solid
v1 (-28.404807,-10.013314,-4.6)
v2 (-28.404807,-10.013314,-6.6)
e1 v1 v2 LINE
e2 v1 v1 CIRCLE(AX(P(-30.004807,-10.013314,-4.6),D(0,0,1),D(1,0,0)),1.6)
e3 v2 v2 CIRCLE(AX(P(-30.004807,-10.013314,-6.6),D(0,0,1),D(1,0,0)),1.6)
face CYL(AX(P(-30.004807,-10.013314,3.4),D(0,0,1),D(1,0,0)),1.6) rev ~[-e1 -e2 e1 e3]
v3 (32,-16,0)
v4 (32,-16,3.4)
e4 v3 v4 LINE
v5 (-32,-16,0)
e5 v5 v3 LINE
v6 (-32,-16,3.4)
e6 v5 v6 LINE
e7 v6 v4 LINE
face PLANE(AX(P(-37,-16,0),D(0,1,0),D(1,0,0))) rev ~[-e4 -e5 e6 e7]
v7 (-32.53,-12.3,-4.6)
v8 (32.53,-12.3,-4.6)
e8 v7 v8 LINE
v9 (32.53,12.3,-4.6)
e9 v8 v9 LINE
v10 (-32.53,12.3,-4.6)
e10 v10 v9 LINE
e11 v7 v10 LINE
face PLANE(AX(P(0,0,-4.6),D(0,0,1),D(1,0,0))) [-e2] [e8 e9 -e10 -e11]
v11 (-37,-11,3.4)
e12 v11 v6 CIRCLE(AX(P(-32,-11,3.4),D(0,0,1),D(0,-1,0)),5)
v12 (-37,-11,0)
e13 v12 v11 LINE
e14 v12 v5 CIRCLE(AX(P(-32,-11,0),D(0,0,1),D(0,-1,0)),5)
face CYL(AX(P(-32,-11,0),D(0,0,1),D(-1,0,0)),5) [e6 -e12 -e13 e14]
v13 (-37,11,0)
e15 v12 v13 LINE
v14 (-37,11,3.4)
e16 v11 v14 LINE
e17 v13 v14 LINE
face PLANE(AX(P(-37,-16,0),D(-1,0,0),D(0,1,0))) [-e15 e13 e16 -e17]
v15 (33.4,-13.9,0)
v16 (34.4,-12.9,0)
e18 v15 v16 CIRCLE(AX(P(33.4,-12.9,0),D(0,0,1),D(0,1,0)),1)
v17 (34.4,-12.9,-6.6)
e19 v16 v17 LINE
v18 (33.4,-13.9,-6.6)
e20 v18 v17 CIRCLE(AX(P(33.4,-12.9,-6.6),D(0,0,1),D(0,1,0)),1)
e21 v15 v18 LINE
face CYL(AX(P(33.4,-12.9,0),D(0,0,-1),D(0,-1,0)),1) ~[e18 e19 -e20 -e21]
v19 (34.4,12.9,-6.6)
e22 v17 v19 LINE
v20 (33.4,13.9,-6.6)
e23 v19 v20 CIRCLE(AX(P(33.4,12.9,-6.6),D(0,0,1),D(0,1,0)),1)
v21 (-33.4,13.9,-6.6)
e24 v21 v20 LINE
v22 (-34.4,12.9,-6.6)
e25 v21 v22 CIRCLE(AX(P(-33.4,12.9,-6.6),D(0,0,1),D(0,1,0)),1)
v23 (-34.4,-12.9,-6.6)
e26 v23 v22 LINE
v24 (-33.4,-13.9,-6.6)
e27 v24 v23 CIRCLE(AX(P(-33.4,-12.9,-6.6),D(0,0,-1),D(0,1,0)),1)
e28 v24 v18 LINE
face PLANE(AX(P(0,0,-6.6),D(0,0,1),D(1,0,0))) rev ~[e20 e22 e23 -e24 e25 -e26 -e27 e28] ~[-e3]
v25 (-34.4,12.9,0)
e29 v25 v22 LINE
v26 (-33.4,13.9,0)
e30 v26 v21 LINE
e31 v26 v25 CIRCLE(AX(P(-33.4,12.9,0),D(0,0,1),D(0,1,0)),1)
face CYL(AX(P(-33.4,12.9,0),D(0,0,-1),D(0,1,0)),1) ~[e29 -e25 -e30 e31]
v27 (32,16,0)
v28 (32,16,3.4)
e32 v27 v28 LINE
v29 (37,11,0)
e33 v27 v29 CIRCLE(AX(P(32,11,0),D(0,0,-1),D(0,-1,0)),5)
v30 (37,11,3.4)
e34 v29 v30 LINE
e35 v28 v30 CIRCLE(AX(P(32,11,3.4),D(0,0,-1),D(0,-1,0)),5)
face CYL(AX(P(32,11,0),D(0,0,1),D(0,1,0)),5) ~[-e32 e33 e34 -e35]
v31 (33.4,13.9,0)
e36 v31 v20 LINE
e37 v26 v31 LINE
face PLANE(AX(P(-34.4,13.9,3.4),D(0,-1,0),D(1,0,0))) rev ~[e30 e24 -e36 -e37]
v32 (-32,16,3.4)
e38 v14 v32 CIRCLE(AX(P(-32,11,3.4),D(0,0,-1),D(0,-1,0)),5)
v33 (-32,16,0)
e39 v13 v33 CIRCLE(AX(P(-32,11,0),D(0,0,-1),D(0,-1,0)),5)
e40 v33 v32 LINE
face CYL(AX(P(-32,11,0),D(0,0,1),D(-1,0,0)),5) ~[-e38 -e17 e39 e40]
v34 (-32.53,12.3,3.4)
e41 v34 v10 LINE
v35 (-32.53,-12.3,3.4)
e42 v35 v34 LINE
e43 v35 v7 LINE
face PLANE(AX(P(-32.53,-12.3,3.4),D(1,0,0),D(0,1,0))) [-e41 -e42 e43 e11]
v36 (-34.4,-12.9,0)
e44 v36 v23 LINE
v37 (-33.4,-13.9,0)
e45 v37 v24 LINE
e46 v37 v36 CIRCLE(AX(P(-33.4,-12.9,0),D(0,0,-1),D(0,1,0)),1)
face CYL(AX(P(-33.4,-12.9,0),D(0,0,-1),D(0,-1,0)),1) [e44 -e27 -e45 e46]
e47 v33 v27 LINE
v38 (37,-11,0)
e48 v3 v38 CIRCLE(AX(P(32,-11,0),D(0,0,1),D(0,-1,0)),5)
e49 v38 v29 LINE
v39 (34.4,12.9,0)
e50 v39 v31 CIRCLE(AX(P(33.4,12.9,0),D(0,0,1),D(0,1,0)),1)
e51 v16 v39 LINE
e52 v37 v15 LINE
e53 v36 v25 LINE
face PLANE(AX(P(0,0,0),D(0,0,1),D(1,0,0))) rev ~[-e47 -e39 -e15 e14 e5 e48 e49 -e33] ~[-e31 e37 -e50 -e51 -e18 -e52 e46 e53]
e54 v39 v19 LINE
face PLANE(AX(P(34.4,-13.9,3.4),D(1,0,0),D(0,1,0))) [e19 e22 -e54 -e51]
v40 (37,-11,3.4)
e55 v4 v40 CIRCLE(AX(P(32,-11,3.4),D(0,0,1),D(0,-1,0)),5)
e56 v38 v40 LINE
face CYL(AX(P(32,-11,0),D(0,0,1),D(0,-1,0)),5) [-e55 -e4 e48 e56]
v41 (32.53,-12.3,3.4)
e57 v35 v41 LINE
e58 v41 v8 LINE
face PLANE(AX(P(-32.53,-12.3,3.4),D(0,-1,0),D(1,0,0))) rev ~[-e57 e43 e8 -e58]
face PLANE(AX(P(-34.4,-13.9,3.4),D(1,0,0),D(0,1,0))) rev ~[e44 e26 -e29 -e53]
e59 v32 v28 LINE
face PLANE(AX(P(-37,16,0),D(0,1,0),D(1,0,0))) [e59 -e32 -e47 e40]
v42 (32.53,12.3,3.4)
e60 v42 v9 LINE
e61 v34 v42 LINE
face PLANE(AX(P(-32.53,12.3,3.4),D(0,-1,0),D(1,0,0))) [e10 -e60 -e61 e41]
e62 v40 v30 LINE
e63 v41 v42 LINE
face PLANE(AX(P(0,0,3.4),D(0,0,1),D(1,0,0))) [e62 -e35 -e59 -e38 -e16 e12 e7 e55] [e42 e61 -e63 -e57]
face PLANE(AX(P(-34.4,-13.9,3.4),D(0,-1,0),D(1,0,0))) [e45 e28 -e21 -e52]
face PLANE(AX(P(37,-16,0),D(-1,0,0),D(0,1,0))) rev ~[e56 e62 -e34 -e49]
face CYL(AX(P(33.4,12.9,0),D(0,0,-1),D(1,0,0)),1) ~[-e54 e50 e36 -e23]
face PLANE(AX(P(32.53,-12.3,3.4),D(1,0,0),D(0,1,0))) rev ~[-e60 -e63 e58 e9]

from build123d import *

# Parameters (mm, degrees)
F0_W     = 74
F0_H     = 32
F1_DEPTH = 3.4
F2_W     = 68.8
F2_H     = 27.8
F3_DEPTH = 10
F4_W     = 65.06
F4_H     = 24.6
F5_DEPTH = 8
F6_R     = 5
F7_R     = 1.6
F8_DEPTH = 10.001
F9_R     = 1


with BuildPart() as f1:
    # F0 (on Top) → F1 (new body)
    with BuildSketch(Plane.XY):
        Rectangle(F0_W, F0_H)
    extrude(amount=F1_DEPTH)

    # F2 (on face) → F3 (join)
    with BuildSketch(Plane.XY.offset(3.4)):
        Rectangle(F2_W, F2_H)
    extrude(amount=-F3_DEPTH)

    # F4 (on face) → F5 (cut)
    with BuildSketch(Plane.XY.offset(3.4)):
        Rectangle(F4_W, F4_H)
    extrude(amount=-F5_DEPTH, mode=Mode.SUBTRACT)

    # F6
    f6_edges = [f1.edges().sort_by_distance(p)[0] for p in [
        (-37, -16, 1.7),
        (37, -16, 1.7),
        (37, 16, 1.7),
        (-37, 16, 1.7),
    ]]
    fillet(f6_edges, radius=F6_R)

    # F7 (on face) → F8 (cut, through all)
    with BuildSketch(Plane.XY.offset(3.4)):
        with Locations((-30.004807, -10.013314)):
            Circle(F7_R)
    extrude(amount=-F8_DEPTH, mode=Mode.SUBTRACT)

    # F9
    f9_edges = [f1.edges().sort_by_distance(p)[0] for p in [
        (-34.4, 13.9, -3.3),
        (-34.4, -13.9, -3.3),
        (34.4, -13.9, -3.3),
        (34.4, 13.9, -3.3),
    ]]
    fillet(f9_edges, radius=F9_R)


solid = f1.part
